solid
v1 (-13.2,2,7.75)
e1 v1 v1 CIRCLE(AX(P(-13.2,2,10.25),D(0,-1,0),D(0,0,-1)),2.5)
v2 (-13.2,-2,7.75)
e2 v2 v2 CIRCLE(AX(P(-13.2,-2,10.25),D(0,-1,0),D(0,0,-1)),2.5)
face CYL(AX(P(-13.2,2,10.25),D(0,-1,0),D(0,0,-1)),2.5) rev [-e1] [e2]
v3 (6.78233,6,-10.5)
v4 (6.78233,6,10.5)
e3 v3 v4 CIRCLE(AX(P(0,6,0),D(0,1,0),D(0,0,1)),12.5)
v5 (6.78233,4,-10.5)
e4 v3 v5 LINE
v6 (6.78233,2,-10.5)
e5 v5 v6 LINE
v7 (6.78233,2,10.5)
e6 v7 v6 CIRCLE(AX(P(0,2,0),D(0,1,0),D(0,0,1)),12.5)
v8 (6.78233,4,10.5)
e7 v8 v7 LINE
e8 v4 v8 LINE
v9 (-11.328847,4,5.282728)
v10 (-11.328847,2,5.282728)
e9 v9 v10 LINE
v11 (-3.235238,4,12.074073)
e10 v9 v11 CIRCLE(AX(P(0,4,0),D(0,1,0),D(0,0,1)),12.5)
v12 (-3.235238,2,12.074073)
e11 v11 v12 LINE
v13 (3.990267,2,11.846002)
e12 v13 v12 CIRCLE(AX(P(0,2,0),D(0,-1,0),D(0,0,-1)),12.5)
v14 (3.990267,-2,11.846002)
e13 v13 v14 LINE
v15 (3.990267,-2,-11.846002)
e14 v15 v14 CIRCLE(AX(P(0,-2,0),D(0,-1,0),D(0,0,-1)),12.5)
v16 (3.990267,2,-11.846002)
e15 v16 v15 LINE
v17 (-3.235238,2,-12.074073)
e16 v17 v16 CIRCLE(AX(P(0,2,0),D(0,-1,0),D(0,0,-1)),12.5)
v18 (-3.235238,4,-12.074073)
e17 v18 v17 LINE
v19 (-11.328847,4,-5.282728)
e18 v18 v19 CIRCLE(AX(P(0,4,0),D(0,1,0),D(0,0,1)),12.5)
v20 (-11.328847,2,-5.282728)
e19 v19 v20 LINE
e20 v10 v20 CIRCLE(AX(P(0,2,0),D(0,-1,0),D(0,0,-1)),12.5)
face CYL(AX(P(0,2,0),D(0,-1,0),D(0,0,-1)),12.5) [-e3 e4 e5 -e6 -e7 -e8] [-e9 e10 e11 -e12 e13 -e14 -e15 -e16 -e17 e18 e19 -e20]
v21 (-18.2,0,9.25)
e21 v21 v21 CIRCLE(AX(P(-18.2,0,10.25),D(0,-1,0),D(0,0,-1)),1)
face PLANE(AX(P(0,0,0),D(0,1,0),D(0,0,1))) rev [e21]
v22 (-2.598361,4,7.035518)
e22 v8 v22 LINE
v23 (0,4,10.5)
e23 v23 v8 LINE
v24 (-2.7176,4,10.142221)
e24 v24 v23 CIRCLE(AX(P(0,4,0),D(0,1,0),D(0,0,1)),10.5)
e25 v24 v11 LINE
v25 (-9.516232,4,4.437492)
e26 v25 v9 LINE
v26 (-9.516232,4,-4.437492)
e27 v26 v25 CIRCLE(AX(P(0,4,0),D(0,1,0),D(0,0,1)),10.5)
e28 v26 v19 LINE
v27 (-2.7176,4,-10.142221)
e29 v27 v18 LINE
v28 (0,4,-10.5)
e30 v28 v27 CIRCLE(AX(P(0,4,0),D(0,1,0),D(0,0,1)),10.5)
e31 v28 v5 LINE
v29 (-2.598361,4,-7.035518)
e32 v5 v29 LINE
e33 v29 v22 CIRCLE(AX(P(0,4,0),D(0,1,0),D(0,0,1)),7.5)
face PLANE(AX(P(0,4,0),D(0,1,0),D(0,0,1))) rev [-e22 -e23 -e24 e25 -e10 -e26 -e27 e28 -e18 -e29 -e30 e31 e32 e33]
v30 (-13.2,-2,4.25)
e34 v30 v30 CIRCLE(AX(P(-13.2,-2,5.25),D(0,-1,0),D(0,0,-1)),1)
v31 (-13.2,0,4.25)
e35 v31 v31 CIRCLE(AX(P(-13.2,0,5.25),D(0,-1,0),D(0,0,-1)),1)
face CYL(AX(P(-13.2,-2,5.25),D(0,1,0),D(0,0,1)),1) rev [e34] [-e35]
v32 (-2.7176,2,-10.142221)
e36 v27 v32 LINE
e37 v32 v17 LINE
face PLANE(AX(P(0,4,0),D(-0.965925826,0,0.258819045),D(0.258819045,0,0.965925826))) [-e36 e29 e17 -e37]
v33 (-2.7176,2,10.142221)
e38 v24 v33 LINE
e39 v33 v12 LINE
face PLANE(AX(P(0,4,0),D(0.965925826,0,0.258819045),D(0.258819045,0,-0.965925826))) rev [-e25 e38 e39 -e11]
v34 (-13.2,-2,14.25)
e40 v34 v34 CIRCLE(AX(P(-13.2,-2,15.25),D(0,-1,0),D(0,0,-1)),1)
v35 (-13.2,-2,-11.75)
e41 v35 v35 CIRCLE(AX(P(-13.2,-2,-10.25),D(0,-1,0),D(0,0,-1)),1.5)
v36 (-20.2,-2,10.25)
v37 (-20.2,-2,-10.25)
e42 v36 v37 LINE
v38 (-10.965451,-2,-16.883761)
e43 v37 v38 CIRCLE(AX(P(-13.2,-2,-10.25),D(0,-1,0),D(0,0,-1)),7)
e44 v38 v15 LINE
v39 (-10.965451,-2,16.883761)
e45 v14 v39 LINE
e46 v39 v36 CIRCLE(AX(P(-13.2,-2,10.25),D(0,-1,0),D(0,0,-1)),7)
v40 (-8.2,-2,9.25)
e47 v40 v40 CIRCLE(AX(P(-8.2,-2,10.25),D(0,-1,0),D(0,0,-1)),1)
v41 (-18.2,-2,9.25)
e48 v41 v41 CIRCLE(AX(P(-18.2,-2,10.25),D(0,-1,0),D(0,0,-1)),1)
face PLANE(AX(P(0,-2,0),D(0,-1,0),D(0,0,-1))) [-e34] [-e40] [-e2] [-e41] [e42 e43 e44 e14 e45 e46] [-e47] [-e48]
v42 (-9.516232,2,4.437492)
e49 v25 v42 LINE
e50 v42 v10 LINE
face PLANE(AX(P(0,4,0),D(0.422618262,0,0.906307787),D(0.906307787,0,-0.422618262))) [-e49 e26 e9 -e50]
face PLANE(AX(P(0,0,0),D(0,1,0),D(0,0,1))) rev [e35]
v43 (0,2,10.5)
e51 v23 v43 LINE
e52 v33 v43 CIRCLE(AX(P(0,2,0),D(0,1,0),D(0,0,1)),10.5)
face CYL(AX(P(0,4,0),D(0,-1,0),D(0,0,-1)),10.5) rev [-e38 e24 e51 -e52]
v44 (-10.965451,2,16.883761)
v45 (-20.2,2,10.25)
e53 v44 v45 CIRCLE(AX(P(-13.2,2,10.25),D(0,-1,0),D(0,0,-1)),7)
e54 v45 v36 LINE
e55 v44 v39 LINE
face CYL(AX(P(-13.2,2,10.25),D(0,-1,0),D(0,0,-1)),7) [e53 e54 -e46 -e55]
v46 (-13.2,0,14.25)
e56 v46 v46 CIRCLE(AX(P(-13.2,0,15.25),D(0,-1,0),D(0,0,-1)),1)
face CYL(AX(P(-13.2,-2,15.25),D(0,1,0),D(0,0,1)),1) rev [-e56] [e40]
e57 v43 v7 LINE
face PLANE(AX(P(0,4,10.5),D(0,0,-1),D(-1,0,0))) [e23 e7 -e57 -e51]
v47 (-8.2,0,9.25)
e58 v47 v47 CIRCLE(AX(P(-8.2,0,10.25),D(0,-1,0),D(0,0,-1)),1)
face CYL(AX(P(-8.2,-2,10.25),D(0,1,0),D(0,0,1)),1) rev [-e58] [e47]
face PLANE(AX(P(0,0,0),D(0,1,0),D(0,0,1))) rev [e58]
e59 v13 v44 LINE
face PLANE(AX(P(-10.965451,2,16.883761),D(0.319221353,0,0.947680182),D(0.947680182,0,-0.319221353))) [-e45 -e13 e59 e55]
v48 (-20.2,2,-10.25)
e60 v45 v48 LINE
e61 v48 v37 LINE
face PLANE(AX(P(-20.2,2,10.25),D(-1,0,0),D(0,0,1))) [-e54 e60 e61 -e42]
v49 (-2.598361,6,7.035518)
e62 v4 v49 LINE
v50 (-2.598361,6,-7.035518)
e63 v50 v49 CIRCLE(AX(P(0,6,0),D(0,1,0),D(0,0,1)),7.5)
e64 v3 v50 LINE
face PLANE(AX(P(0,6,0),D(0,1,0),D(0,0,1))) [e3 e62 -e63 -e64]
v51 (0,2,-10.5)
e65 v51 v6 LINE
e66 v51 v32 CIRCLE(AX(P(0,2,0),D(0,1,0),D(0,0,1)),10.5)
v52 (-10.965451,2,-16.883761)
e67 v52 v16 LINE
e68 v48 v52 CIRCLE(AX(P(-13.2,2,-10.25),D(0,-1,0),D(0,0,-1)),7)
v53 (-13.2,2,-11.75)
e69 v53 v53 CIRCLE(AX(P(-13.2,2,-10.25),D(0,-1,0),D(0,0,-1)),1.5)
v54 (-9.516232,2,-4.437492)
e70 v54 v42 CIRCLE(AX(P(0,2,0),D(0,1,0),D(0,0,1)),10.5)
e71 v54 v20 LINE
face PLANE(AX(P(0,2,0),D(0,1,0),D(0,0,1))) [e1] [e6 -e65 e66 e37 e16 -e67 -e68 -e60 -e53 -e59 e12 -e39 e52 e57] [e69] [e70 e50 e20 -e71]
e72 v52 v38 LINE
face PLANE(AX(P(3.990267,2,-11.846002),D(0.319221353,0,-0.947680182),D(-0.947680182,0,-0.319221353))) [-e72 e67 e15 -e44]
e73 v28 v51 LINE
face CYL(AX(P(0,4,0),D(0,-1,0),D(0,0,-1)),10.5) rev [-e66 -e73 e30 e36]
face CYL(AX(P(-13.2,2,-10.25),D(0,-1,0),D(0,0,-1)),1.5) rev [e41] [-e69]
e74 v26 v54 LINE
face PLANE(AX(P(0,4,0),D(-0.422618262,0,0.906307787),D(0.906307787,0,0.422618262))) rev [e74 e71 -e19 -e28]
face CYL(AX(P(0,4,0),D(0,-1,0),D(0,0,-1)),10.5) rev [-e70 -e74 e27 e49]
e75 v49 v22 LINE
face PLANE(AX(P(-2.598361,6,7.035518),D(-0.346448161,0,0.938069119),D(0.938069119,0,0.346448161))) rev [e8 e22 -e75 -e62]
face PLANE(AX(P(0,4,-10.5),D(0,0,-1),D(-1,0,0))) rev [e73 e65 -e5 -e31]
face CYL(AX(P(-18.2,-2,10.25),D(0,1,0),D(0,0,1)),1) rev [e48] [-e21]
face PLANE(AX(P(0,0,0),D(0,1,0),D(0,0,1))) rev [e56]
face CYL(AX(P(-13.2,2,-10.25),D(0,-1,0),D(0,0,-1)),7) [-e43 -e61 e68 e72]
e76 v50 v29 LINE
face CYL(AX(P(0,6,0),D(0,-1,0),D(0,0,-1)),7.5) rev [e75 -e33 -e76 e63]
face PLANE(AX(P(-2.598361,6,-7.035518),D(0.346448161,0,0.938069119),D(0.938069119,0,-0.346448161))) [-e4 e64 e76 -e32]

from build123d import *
from build123d.topology import SkipClean

# Parameters (mm, degrees)
SKETCH_1_R      = 12.5
EXTRUDE_1_DEPTH = 2
EXTRUDE_2_DEPTH = 2
EXTRUDE_3_DEPTH = 2
SKETCH_5_R      = 2.5
SKETCH_5_R_2    = 1.5
EXTRUDE_4_DEPTH = 2
EXTRUDE_START   = 2
SKETCH_6_R      = 1.5
SKETCH_6_R_2    = 1
SKETCH_6_R_3    = 2.5
EXTRUDE_5_DEPTH = 2


with BuildPart() as part:
    # Эскиз1 → Бобышка-Вытянуть1 (new body)
    with BuildSketch(Plane(origin=(0, 0, 0), x_dir=(1, 0, 0), z_dir=(0, 1, 0))):
        with Locations(Location((0, 0, 0), (0, 0, 270))):
            Circle(SKETCH_1_R)
    extrude(amount=EXTRUDE_1_DEPTH)

    # Эскиз2 → Бобышка-Вытянуть2 (add)
    with BuildSketch(Plane(origin=(0, 2, 0), x_dir=(1, 0, 0), z_dir=(0, 1, 0))):
        with BuildLine():
            ThreePointArc((-11.328847338, 5.282728272), (-12.203700089, 2.705495174), (-12.5, 0))
            Line((-12.5, 0), (-10.5, 0))
            ThreePointArc((-10.5, 0), (-10.251108075, 2.272615946), (-9.516231764, 4.437491748))
            Line((-9.516231764, 4.437491748), (-11.328847338, 5.282728272))
        make_face()
        with BuildLine():
            ThreePointArc((-12.5, 0), (-12.203700089, -2.705495174), (-11.328847338, -5.282728272))
            Line((-11.328847338, -5.282728272), (-9.516231764, -4.437491748))
            ThreePointArc((-9.516231764, -4.437491748), (-10.251108075, -2.272615946), (-10.5, 0))
            Line((-10.5, 0), (-12.5, 0))
        make_face()
        with BuildLine():
            Line((6.782329983, -10.5), (0, -10.5))
            ThreePointArc((0, -10.5), (-1.370525018, -10.410171044), (-2.717599974, -10.142221176))
            Line((-2.717599974, -10.142221176), (-3.235238064, -12.074072829))
            ThreePointArc((-3.235238064, -12.074072829), (1.940332855, -12.348486078), (6.782329983, -10.5))
        make_face()
        with BuildLine():
            Line((0, 10.5), (6.782329983, 10.5))
            ThreePointArc((6.782329983, 10.5), (1.940332855, 12.348486078), (-3.235238064, 12.074072829))
            Line((-3.235238064, 12.074072829), (-2.717599974, 10.142221176))
            ThreePointArc((-2.717599974, 10.142221176), (-1.370525018, 10.410171044), (0, 10.5))
        make_face()
    extrude(amount=EXTRUDE_2_DEPTH)

    # Эскиз4 → Бобышка-Вытянуть3 (add)
    with BuildSketch(Plane(origin=(0, 4, 0), x_dir=(1, 0, 0), z_dir=(0, 1, 0))):
        with BuildLine():
            ThreePointArc((-11.328847338, -5.282728272), (-3.460156945, -12.011549189), (6.782329983, -10.5))
            Line((6.782329983, -10.5), (-2.598361206, -7.035518392))
            ThreePointArc((-2.598361206, -7.035518392), (-7.5, 0), (-2.598361206, 7.035518392))
            Line((-2.598361206, 7.035518392), (6.782329983, 10.5))
            ThreePointArc((6.782329983, 10.5), (-3.460156945, 12.011549189), (-11.328847338, 5.282728272))
            Line((-11.328847338, 5.282728272), (-9.516231764, 4.437491748))
            ThreePointArc((-9.516231764, 4.437491748), (-10.5, 0), (-9.516231764, -4.437491748))
            Line((-9.516231764, -4.437491748), (-11.328847338, -5.282728272))
        make_face()
        with BuildLine():
            Line((-9.516231764, 4.437491748), (-11.328847338, 5.282728272))
            ThreePointArc((-11.328847338, 5.282728272), (-12.5, 0), (-11.328847338, -5.282728272))
            Line((-11.328847338, -5.282728272), (-9.516231764, -4.437491748))
            ThreePointArc((-9.516231764, -4.437491748), (-10.5, 0), (-9.516231764, 4.437491748))
        make_face()
    extrude(amount=EXTRUDE_3_DEPTH)

    # Эскиз5 → Бобышка-Вытянуть4 (add)
    with BuildSketch(Plane.XZ):
        with BuildLine():
            Line((-20.2, 10.25), (-20.2, -10.25))
            ThreePointArc((-20.2, -10.25), (-17.284002551, -15.935149353), (-10.965450526, -16.883761274))
            Line((-10.965450526, -16.883761274), (3.990266919, -11.846002276))
            ThreePointArc((3.990266919, -11.846002276), (12.5, 0), (3.990266919, 11.846002276))
            Line((3.990266919, 11.846002276), (-10.965450526, 16.883761274))
            ThreePointArc((-10.965450526, 16.883761274), (-17.284002551, 15.935149353), (-20.2, 10.25))
        make_face()
        with Locations(Location((-13.2, 10.25, 0), (0, 0, 270))):
            Circle(SKETCH_5_R, mode=Mode.SUBTRACT)
        with Locations(Location((-13.2, -10.25, 0), (0, 0, 270))):
            Circle(SKETCH_5_R_2, mode=Mode.SUBTRACT)
    extrude(amount=-EXTRUDE_4_DEPTH)

    # Эскиз6 → Бобышка-Вытянуть5 (add)
    with SkipClean():  # the faces are left unmerged after this step: merging them gives an invalid solid
        with BuildSketch(Plane.XZ.offset(EXTRUDE_START)):
            with BuildLine():
                Line((3.990266919, 11.846002276), (-10.965450526, 16.883761274))
                ThreePointArc((-10.965450526, 16.883761274), (-17.284002551, 15.935149353), (-20.2, 10.25))
                Line((-20.2, 10.25), (-20.2, -10.25))
                ThreePointArc((-20.2, -10.25), (-17.284002551, -15.935149353), (-10.965450526, -16.883761274))
                Line((-10.965450526, -16.883761274), (3.990266919, -11.846002276))
                ThreePointArc((3.990266919, -11.846002276), (12.5, 0), (3.990266919, 11.846002276))
            make_face()
            with Locations(Location((-13.2, -10.25, 0), (0, 0, 270))):
                Circle(SKETCH_6_R, mode=Mode.SUBTRACT)
            with Locations(Location((-8.2, 10.25, 0), (0, 0, 270))):
                Circle(SKETCH_6_R_2, mode=Mode.SUBTRACT)
            with Locations(Location((-13.2, 5.25, 0), (0, 0, 270))):
                Circle(SKETCH_6_R_2, mode=Mode.SUBTRACT)
            with Locations(Location((-18.2, 10.25, 0), (0, 0, 270))):
                Circle(SKETCH_6_R_2, mode=Mode.SUBTRACT)
            with Locations(Location((-13.2, 15.25, 0), (0, 0, 270))):
                Circle(SKETCH_6_R_2, mode=Mode.SUBTRACT)
            with Locations(Location((-13.2, 10.25, 0), (0, 0, 270))):
                Circle(SKETCH_6_R_3, mode=Mode.SUBTRACT)
        extrude(amount=-EXTRUDE_5_DEPTH)


solid = part.part
